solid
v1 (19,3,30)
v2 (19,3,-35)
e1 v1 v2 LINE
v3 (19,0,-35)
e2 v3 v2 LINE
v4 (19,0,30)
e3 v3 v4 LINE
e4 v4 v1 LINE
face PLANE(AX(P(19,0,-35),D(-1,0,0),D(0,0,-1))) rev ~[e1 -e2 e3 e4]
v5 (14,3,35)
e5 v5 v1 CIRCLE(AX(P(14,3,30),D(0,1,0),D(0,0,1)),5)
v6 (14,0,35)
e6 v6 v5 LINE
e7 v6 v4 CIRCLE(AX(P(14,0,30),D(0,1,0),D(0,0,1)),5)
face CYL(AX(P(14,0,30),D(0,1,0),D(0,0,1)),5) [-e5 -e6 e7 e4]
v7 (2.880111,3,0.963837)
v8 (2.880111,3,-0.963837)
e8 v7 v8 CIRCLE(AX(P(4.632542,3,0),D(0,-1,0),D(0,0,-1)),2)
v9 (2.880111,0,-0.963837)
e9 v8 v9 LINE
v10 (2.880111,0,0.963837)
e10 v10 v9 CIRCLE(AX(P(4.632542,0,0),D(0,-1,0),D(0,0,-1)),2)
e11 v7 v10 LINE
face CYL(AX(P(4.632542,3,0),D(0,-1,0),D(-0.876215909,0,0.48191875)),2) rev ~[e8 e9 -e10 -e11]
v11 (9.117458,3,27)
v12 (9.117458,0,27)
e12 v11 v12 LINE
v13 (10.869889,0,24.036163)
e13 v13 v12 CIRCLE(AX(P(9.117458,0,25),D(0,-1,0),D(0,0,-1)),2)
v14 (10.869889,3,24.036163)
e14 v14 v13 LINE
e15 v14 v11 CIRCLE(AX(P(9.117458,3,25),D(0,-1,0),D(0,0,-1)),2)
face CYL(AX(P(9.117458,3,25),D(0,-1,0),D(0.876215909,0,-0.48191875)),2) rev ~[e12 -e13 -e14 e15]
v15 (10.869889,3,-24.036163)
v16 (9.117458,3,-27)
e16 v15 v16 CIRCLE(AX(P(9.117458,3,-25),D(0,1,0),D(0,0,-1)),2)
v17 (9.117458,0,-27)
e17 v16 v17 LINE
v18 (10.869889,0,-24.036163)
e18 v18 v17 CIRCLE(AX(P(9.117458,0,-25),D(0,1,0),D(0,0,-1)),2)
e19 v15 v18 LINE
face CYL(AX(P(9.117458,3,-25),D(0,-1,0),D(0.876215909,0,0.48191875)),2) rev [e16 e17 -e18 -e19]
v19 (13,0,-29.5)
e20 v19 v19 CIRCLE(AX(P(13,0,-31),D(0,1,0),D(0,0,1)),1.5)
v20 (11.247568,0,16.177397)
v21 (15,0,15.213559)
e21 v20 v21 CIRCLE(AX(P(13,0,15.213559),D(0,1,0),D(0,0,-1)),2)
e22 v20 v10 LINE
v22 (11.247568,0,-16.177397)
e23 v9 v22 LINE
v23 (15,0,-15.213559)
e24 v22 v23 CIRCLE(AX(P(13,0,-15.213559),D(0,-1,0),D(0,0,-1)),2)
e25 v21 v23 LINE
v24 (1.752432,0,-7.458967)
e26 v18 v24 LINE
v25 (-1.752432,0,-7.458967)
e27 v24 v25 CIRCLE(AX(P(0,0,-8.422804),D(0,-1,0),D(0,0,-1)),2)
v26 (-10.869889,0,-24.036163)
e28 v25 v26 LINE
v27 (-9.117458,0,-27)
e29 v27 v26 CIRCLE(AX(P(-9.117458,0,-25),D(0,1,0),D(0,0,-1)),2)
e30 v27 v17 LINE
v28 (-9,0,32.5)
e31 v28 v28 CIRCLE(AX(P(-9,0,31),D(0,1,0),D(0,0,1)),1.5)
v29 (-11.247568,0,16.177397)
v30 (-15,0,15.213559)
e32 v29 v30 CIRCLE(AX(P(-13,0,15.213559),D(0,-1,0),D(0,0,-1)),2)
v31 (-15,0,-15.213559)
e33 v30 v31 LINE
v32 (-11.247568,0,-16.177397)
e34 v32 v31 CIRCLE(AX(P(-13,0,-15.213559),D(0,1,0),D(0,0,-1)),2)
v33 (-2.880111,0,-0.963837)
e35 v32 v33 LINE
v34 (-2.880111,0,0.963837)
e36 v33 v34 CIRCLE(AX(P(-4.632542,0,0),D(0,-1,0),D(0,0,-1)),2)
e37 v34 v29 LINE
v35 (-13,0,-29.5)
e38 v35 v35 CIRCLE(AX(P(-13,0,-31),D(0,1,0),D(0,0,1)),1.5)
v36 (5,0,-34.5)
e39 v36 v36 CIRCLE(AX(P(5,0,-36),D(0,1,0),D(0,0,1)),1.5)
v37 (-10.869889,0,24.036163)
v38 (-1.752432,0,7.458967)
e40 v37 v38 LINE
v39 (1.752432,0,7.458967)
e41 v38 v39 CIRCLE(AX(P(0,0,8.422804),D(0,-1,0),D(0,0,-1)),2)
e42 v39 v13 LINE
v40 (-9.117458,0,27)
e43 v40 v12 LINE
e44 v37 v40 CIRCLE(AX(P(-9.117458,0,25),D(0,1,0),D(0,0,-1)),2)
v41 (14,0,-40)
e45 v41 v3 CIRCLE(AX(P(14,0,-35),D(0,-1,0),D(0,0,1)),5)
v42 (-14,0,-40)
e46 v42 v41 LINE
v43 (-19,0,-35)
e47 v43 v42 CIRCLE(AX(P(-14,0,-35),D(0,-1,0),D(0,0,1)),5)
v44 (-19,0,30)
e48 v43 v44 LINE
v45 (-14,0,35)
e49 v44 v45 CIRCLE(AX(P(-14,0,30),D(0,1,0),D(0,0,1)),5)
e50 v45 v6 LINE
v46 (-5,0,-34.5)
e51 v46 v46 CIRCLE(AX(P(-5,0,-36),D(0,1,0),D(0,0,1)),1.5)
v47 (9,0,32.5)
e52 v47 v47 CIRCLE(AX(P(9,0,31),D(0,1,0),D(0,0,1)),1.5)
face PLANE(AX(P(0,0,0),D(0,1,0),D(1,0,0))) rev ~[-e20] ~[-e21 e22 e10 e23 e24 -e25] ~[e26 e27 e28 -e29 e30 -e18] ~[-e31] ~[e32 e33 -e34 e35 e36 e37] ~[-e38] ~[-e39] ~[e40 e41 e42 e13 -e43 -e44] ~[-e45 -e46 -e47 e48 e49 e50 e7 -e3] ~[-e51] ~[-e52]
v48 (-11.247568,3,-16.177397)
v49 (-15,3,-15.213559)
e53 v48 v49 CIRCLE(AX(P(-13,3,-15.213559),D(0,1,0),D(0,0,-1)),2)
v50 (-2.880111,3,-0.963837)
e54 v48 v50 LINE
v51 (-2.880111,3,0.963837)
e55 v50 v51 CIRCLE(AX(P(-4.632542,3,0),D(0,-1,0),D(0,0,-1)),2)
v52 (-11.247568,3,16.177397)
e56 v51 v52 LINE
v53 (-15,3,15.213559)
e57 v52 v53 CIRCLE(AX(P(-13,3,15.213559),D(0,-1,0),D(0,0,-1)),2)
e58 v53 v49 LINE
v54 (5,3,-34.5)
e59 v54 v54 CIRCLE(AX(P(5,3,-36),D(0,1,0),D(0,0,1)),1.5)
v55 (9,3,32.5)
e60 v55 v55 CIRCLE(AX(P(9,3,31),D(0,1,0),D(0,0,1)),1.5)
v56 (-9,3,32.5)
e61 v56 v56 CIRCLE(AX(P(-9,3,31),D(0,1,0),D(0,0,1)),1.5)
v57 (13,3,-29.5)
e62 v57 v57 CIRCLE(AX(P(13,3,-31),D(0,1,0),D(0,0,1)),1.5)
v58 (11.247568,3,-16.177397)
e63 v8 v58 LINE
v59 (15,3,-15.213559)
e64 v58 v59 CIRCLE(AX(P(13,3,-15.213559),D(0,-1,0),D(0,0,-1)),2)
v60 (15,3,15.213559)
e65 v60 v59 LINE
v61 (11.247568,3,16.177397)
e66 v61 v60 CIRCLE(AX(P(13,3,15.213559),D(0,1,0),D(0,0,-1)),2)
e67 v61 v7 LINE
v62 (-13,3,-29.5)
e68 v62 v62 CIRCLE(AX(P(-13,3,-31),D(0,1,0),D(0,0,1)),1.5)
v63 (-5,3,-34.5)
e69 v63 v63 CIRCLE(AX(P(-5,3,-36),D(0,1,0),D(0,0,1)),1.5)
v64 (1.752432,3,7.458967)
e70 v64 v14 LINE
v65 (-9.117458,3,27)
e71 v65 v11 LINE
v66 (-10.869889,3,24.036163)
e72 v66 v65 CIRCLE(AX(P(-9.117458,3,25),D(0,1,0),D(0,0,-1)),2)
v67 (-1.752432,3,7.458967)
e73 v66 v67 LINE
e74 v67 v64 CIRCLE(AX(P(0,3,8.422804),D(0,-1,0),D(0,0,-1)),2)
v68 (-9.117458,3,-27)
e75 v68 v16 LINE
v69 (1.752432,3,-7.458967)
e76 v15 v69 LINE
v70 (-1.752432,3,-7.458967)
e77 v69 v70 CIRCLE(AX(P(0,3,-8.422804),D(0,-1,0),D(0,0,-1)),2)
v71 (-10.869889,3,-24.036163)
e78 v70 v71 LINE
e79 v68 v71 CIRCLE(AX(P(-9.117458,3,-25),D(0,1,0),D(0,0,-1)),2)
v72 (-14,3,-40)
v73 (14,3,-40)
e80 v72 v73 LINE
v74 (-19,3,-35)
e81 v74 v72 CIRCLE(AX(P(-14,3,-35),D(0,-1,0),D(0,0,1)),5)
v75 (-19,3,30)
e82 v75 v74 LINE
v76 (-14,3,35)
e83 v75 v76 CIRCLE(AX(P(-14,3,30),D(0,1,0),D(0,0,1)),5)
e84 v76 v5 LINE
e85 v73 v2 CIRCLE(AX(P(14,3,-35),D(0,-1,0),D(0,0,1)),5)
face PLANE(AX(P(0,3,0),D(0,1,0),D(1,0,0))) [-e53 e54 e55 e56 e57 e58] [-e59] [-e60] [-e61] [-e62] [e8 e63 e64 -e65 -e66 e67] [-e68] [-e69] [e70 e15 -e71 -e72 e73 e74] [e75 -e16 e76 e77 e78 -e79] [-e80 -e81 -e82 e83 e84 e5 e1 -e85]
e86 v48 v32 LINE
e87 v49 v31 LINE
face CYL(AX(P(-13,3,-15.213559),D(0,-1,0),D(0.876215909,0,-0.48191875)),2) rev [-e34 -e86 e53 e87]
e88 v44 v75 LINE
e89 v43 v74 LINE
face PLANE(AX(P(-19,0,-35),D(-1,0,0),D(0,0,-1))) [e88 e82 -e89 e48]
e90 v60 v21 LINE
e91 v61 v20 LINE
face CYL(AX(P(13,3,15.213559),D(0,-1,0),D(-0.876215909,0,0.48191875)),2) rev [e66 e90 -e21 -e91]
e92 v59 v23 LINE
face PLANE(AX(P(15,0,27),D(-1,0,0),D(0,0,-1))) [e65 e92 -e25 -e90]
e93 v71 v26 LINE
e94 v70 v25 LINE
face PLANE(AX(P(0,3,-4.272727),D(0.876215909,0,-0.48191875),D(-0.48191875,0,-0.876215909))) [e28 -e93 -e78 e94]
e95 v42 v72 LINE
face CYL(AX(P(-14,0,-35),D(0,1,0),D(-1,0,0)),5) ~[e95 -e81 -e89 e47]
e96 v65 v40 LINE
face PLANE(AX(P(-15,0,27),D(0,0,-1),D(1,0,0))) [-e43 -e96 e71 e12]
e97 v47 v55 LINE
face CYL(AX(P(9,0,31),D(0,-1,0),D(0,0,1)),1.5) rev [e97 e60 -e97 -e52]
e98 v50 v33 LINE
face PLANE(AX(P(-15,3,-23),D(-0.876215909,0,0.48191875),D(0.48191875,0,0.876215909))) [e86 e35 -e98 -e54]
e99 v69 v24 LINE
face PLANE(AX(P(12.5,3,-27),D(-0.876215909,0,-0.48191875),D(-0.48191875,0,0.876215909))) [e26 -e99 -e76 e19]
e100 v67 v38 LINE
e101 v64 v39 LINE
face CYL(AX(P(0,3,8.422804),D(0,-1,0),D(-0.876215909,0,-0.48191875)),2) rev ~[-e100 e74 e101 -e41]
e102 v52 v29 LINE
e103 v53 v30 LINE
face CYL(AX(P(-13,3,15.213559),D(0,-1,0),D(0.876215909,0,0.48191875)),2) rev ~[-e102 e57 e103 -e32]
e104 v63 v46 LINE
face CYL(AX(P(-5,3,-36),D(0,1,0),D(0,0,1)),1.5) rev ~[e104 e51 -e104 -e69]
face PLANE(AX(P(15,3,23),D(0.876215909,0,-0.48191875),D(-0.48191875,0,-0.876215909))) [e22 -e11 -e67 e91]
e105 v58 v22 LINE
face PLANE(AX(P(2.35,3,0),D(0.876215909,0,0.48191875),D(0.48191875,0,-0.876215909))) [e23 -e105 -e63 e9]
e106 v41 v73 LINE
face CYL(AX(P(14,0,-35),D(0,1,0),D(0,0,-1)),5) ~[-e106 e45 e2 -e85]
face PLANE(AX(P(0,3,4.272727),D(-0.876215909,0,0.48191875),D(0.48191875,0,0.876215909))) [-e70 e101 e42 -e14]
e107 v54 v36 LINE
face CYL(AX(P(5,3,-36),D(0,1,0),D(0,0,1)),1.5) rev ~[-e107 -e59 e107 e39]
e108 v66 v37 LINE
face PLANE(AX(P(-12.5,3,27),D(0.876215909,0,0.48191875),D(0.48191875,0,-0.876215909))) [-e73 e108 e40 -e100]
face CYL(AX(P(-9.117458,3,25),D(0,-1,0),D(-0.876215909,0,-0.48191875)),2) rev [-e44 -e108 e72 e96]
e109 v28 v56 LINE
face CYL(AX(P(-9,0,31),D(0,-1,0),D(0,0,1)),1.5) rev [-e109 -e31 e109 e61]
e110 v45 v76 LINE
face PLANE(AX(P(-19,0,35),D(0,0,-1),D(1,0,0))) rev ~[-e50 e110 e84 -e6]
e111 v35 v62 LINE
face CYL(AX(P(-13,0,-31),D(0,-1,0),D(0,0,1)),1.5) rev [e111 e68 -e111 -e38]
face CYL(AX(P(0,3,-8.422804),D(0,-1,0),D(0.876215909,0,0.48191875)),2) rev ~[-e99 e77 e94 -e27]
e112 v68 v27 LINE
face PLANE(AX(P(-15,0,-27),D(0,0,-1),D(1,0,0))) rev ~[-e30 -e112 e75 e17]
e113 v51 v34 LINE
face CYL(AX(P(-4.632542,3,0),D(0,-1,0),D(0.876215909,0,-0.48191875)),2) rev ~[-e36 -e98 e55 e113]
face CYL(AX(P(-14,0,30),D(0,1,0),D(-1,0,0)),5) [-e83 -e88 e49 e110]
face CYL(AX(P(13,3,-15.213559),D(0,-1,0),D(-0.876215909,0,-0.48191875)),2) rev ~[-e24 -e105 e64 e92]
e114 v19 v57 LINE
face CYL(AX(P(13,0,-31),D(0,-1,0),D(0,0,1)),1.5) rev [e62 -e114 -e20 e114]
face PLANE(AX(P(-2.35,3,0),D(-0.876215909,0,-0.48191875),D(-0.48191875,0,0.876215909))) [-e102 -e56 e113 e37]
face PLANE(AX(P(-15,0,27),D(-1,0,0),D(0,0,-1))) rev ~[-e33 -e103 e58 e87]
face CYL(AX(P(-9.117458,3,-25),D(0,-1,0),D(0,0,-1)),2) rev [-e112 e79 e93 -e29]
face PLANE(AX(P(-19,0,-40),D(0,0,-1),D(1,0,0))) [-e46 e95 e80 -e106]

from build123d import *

# Parameters (mm, degrees)
SKETCH_1_W          = 38
SKETCH_1_H          = 70
SKETCH_1_R          = 1.5
SKETCH_1_W_2        = 30
SKETCH_1_H_2        = 54
SKETCH_1_H_3        = 5
EXTRUDE_1_DEPTH     = 3
EXTRUDE_2_DEPTH     = 3
FILLET_1_R          = 2
SKETCH_4_R          = 1.5
CUT_EXTRUDE_1_DEPTH = 10
FILLET_2_R          = 5


with BuildPart() as part:
    # 草图1 → 凸台-拉伸1 (new body)
    # profile 1 of 2: a face of its own
    with BuildSketch(Plane(origin=(0, 0, 0), x_dir=(1, 0, 0), z_dir=(0, 1, 0))):
        Rectangle(SKETCH_1_W, SKETCH_1_H)
        with Locations(Location((13, 31, 0), (0, 0, 270))):
            Circle(SKETCH_1_R, mode=Mode.SUBTRACT)
        with Locations(Location((-13, 31, 0), (0, 0, 270))):
            Circle(SKETCH_1_R, mode=Mode.SUBTRACT)
        with Locations(Location((9, -31, 0), (0, 0, 270))):
            Circle(SKETCH_1_R, mode=Mode.SUBTRACT)
        with Locations(Location((-9, -31, 0), (0, 0, 270))):
            Circle(SKETCH_1_R, mode=Mode.SUBTRACT)
        Rectangle(SKETCH_1_W_2, SKETCH_1_H_2, mode=Mode.SUBTRACT)
    # profile 2 of 2: a face of its own
    with BuildSketch(Plane(origin=(0, 0, 0), x_dir=(1, 0, 0), z_dir=(0, 1, 0))):
        with Locations((0, 37.5)):
            Rectangle(SKETCH_1_W, SKETCH_1_H_3)
    extrude(amount=EXTRUDE_1_DEPTH)

    # 草图2 → 凸台-拉伸2 (add)
    with BuildSketch(Plane(origin=(0, 3, 0), x_dir=(1, 0, 0), z_dir=(0, 1, 0))):
        Polygon((15, 27), (12.5, 27), (0, 4.272727273), (-12.5, 27), (-15, 27), (-15, 23), (-2.35, 0), (-15, -23), (-15, -27), (-12.5, -27), (0, -4.272727273), (12.5, -27), (15, -27), (15, -23), (2.35, 0), (15, 23), align=None)
    extrude(amount=-EXTRUDE_2_DEPTH)

    # 圆角1
    fillet_1_edges = [part.edges().sort_by_distance(p)[0] for p in [
        (-2.35, 1.5, 0),
        (-15, 1.5, -23),
        (-12.5, 1.5, -27),
        (0, 1.5, -4.272727273),
        (12.5, 1.5, -27),
        (15, 1.5, -23),
        (2.35, 1.5, 0),
        (15, 1.5, 23),
        (12.5, 1.5, 27),
        (0, 1.5, 4.272727273),
        (-12.5, 1.5, 27),
        (-15, 1.5, 23),
    ]]
    fillet(fillet_1_edges, radius=FILLET_1_R)

    # 草图4 → 切除-拉伸1 (cut)
    with BuildSketch(Plane(origin=(0, 3, 0), x_dir=(1, 0, 0), z_dir=(0, 1, 0))):
        with Locations(Location((-5, 36, 0), (0, 0, 270))):
            Circle(SKETCH_4_R)
        with Locations(Location((5, 36, 0), (0, 0, 270))):
            Circle(SKETCH_4_R)
    extrude(amount=-CUT_EXTRUDE_1_DEPTH, mode=Mode.SUBTRACT)

    # 圆角2
    fillet_2_edges = [part.edges().sort_by_distance(p)[0] for p in [
        (-19, 1.5, 35),
        (-19, 1.5, -40),
        (19, 1.5, -40),
        (19, 1.5, 35),
    ]]
    fillet(fillet_2_edges, radius=FILLET_2_R)


solid = part.part
